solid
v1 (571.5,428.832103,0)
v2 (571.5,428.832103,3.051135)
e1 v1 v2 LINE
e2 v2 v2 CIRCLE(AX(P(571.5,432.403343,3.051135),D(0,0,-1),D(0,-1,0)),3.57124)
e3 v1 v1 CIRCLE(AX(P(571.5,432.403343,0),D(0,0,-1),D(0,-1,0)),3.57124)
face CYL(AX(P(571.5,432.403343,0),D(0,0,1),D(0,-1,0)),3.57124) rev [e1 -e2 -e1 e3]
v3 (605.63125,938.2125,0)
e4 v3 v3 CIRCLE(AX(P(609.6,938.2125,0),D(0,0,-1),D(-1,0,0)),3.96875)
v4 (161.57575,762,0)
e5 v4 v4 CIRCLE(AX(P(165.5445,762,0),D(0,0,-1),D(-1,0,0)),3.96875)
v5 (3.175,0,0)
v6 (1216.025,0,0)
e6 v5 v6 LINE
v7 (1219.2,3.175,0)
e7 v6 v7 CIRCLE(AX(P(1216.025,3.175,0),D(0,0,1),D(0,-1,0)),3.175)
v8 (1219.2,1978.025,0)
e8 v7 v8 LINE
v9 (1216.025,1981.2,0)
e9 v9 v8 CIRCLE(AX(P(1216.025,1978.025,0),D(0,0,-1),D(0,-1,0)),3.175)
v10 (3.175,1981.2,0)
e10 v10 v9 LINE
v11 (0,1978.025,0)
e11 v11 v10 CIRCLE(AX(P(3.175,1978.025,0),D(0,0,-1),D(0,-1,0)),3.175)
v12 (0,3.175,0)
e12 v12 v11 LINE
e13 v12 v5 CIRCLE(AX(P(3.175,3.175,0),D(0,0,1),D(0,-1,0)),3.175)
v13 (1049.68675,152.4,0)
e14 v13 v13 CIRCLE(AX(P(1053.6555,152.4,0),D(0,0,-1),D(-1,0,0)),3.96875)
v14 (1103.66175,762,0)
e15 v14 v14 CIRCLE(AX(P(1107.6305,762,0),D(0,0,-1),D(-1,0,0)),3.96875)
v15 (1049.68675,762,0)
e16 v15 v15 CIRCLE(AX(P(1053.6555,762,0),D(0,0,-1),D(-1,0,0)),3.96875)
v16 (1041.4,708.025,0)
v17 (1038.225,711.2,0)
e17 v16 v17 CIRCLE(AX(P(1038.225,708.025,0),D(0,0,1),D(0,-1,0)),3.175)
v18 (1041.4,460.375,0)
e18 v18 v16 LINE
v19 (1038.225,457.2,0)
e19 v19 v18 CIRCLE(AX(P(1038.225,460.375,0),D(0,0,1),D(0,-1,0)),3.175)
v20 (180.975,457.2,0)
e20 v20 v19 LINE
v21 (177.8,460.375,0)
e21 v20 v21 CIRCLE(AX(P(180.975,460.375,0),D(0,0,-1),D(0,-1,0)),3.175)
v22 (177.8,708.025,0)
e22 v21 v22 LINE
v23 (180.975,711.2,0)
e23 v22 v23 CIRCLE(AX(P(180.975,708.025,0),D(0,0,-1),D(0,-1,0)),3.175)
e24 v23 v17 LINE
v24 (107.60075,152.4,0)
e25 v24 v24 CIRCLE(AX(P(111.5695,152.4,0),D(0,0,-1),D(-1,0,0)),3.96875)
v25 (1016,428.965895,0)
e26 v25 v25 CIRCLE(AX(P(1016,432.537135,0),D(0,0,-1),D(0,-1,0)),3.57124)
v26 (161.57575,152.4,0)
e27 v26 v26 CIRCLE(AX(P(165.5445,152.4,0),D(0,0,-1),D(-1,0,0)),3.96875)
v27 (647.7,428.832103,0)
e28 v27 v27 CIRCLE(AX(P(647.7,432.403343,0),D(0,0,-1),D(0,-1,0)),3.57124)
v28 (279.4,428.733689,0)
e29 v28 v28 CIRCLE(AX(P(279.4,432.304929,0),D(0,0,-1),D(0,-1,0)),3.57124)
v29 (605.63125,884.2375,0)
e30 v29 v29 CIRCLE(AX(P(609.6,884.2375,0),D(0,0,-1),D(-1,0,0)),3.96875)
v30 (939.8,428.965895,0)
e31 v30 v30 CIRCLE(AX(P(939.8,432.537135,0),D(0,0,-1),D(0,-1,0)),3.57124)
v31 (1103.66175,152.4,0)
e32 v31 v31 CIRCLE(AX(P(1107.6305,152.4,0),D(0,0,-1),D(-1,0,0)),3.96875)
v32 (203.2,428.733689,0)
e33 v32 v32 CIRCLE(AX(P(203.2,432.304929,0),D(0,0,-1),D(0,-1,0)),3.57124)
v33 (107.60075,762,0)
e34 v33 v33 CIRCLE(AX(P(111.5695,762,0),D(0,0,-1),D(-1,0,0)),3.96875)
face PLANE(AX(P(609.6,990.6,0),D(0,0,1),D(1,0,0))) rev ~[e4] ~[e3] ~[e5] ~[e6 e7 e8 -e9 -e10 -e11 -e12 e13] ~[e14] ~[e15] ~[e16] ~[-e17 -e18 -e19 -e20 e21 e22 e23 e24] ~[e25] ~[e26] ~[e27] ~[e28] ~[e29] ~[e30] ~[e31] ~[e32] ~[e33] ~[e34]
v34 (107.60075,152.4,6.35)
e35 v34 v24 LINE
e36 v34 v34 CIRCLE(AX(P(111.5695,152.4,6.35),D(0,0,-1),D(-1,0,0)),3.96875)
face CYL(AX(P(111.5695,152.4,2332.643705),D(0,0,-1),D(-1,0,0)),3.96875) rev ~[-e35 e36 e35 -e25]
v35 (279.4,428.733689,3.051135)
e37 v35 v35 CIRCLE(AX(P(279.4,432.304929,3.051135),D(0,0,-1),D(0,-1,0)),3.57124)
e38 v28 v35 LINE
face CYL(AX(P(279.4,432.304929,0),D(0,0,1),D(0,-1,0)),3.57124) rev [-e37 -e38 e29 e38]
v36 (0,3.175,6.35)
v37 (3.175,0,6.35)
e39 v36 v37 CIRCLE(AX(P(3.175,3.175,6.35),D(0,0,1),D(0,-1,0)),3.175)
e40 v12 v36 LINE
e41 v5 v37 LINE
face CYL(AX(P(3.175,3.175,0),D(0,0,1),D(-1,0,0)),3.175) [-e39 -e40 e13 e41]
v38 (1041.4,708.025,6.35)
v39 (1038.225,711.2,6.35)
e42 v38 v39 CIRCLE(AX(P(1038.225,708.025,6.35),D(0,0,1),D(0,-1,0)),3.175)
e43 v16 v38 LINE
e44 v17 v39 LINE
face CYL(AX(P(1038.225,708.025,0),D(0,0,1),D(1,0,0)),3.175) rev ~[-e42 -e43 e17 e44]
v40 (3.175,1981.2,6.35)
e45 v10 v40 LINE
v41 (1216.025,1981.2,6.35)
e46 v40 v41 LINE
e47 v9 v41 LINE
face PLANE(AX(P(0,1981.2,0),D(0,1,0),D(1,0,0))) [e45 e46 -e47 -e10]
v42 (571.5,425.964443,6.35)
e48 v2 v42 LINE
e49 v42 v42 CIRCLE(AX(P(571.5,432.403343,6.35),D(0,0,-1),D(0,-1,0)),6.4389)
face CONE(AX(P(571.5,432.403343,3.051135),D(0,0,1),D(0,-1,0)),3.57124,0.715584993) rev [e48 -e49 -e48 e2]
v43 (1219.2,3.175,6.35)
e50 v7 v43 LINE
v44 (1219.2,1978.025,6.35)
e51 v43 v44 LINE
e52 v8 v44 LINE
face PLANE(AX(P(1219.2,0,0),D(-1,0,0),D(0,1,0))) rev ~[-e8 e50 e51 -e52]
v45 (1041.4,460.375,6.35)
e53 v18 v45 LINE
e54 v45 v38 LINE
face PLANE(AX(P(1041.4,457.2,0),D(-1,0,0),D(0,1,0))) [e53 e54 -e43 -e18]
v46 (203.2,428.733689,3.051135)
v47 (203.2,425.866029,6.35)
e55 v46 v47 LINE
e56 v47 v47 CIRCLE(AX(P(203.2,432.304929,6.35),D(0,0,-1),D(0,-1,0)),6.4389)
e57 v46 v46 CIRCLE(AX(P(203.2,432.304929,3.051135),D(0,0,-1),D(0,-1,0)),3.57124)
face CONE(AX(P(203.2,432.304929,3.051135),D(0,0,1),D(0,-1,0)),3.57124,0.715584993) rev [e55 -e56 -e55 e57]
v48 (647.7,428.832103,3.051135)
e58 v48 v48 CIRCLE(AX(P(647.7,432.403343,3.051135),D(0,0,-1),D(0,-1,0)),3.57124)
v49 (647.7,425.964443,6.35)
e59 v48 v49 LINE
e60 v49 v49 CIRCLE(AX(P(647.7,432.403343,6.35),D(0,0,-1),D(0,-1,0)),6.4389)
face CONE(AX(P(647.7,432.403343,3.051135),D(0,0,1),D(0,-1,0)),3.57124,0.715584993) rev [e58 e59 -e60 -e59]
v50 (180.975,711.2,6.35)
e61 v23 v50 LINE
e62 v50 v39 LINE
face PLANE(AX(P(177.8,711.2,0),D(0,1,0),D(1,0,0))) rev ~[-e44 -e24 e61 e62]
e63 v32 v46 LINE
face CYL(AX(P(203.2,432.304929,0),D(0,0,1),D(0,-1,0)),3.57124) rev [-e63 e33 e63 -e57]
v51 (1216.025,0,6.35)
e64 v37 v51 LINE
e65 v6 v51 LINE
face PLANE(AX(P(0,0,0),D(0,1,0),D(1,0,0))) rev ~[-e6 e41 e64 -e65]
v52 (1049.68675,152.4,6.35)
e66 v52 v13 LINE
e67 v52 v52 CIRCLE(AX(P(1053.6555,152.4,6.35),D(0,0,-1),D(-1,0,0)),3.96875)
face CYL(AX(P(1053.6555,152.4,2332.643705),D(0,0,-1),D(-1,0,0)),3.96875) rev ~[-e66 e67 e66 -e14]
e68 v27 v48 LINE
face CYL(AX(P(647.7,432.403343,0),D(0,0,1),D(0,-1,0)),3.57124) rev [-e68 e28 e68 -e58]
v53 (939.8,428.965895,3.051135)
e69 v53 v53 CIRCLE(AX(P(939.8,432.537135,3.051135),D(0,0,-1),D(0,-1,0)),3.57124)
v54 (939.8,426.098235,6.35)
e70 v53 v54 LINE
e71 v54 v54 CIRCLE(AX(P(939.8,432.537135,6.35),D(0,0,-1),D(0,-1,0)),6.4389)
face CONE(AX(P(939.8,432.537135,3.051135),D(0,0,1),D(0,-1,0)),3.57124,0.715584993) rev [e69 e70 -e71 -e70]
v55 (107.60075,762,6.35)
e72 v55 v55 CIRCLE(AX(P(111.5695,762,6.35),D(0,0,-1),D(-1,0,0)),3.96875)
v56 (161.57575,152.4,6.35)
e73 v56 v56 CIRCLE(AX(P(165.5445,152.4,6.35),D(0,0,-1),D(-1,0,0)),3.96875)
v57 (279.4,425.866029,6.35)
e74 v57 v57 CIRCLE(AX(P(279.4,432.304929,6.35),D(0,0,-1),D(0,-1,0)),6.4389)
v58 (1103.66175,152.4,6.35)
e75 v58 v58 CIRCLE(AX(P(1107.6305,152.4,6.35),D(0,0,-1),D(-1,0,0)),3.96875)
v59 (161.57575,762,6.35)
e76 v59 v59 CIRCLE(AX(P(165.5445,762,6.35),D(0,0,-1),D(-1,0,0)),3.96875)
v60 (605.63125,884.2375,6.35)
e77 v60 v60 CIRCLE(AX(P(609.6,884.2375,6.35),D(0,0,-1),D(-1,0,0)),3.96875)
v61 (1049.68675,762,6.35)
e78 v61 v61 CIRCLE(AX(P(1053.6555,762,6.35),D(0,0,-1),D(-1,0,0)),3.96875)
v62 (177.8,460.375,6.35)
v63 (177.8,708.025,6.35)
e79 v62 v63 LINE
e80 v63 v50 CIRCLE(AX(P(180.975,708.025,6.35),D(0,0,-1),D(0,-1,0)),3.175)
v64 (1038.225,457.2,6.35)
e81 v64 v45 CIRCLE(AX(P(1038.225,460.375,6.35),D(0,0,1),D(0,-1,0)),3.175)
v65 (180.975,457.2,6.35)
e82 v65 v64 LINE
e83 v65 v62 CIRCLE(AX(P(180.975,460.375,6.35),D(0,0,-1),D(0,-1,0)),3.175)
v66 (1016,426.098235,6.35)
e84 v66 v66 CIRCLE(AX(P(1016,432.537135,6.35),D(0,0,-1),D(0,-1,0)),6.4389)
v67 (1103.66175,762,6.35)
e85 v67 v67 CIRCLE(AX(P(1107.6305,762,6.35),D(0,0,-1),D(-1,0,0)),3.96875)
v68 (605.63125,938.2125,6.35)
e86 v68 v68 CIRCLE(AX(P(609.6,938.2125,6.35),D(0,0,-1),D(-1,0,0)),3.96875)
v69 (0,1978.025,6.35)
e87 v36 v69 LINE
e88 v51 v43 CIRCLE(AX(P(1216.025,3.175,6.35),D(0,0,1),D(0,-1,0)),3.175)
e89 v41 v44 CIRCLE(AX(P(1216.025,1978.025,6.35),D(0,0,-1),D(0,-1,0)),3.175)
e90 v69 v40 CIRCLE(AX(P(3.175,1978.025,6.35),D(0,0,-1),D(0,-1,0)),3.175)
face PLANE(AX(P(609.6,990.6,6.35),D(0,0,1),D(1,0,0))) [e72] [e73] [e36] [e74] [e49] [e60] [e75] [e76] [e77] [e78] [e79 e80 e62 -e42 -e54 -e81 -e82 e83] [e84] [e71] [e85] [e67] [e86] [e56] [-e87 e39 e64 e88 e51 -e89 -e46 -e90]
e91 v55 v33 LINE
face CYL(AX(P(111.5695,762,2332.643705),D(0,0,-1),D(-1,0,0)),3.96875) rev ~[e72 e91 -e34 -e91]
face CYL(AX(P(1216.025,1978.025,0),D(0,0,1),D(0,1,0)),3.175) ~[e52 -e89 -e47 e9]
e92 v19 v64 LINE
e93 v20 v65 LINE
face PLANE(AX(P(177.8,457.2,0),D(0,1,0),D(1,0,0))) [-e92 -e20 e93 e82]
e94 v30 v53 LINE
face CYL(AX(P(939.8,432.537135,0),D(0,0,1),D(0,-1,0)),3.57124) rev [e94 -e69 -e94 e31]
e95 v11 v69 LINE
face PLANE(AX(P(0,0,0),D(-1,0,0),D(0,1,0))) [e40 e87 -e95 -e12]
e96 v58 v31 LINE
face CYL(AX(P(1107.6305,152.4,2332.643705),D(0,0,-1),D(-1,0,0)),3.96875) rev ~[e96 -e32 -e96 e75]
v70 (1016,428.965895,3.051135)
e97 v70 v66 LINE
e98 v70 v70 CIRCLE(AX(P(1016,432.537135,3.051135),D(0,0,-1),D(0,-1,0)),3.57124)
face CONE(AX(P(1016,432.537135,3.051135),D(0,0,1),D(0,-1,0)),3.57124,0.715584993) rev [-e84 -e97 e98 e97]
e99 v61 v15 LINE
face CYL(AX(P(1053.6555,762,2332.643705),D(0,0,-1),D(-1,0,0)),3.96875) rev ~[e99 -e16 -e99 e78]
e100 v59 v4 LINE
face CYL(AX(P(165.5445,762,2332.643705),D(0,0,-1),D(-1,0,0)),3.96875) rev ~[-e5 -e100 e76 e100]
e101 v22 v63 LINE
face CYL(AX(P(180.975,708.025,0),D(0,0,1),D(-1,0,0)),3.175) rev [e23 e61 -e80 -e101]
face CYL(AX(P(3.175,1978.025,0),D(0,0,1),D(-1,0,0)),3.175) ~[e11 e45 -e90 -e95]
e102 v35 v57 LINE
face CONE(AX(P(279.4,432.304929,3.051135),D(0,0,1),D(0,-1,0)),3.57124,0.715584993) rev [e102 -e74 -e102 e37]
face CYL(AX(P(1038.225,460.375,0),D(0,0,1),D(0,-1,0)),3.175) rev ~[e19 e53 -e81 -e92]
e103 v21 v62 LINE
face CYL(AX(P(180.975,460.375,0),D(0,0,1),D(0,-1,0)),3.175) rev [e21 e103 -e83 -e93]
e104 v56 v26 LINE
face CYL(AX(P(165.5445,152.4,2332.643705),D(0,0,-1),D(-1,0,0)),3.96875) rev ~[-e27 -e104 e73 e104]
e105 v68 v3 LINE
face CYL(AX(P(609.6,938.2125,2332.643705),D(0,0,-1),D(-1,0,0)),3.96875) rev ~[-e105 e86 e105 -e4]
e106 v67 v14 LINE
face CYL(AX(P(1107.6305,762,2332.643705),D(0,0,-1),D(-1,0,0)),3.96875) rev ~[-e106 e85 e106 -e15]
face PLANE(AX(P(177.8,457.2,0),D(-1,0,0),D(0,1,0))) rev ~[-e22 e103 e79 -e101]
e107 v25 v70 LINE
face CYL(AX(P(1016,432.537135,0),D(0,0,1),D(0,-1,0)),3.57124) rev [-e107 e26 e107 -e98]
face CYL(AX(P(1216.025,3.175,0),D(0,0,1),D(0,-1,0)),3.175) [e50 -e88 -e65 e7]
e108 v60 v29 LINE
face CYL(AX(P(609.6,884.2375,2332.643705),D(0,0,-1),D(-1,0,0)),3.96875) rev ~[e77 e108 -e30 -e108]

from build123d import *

# Parameters (mm, degrees)
SKETCH1_W                                     = 1219.2
SKETCH1_H                                     = 1981.2
SKETCH1_W_2                                   = 863.6
SKETCH1_H_2                                   = 254
BOSS_EXTRUDE1_DEPTH                           = 6.35
CSK_FOR_1_4_FLAT_HEAD_MACHINE_SCREW1_AT_COUNT = 2
CSK_FOR_1_4_FLAT_HEAD_MACHINE_SCREW1_AT_PITCH = 76.2
CSK_FOR_1_4_FLAT_HEAD_MACHINE_SCREW1_2_COUNT  = 2
CSK_FOR_1_4_FLAT_HEAD_MACHINE_SCREW1_2_PITCH  = 736.600036601
CSK_FOR_1_4_FLAT_HEAD_MACHINE_SCREW1_3_COUNT  = 2
CSK_FOR_1_4_FLAT_HEAD_MACHINE_SCREW1_3_PITCH  = 812.800033169
CSK_FOR_1_4_FLAT_HEAD_MACHINE_SCREW1_4_COUNT  = 2
CSK_FOR_1_4_FLAT_HEAD_MACHINE_SCREW1_4_PITCH  = 368.300013149
CSK_FOR_1_4_FLAT_HEAD_MACHINE_SCREW1_5_COUNT  = 2
CSK_FOR_1_4_FLAT_HEAD_MACHINE_SCREW1_5_PITCH  = 444.500010895
FILLET1_R                                     = 3.175
F_5_16_0_3125_DIAMETER_HOLE2_D                = 7.9375


with BuildPart() as part:
    # Sketch1 → Boss-Extrude1 (new body)
    with BuildSketch(Plane.XY):
        with Locations((609.6, 990.6)):
            Rectangle(SKETCH1_W, SKETCH1_H)
        with Locations((609.6, 584.2)):
            Rectangle(SKETCH1_W_2, SKETCH1_H_2, mode=Mode.SUBTRACT)
    extrude(amount=BOSS_EXTRUDE1_DEPTH)

    # Sketch3 → CSK for 1/4 Flat Head Machine Screw1 (revolve, cut)
    with BuildSketch(Plane(origin=(203.2, 432.304928843, 6.35), x_dir=(0, -1, 0), z_dir=(1, 0, 0))):
        Polygon((0, 0), (0, 6.35), (3.57124, 6.35), (3.57124, 3.298865467), (6.4389, 0), align=None)
    csk_for_1_4_flat_head_machine_screw1 = revolve(axis=Axis((203.2, 432.304928843, 12.7), (0, 0, -1)), mode=Mode.SUBTRACT)

    # CSK for 1/4 Flat Head Machine Screw1 at: CSK for 1/4 Flat Head Machine Screw1 ×2
    with Locations(*[(i * CSK_FOR_1_4_FLAT_HEAD_MACHINE_SCREW1_AT_PITCH, 0, 0) for i in range(1, CSK_FOR_1_4_FLAT_HEAD_MACHINE_SCREW1_AT_COUNT)]):
        add(csk_for_1_4_flat_head_machine_screw1, mode=Mode.SUBTRACT)

    # CSK for 1_4 Flat Head Machine Screw1 2: CSK for 1/4 Flat Head Machine Screw1 ×2
    with Locations(*[Vector(0.99999995, 0.000315241, 0) * (i * CSK_FOR_1_4_FLAT_HEAD_MACHINE_SCREW1_2_PITCH) for i in range(1, CSK_FOR_1_4_FLAT_HEAD_MACHINE_SCREW1_2_COUNT)]):
        add(csk_for_1_4_flat_head_machine_screw1, mode=Mode.SUBTRACT)

    # CSK for 1_4 Flat Head Machine Screw1 3: CSK for 1/4 Flat Head Machine Screw1 ×2
    with Locations(*[Vector(0.999999959, 0.000285687, 0) * (i * CSK_FOR_1_4_FLAT_HEAD_MACHINE_SCREW1_3_PITCH) for i in range(1, CSK_FOR_1_4_FLAT_HEAD_MACHINE_SCREW1_3_COUNT)]):
        add(csk_for_1_4_flat_head_machine_screw1, mode=Mode.SUBTRACT)

    # CSK for 1_4 Flat Head Machine Screw1 4: CSK for 1/4 Flat Head Machine Screw1 ×2
    with Locations(*[Vector(0.999999964, 0.000267211, 0) * (i * CSK_FOR_1_4_FLAT_HEAD_MACHINE_SCREW1_4_PITCH) for i in range(1, CSK_FOR_1_4_FLAT_HEAD_MACHINE_SCREW1_4_COUNT)]):
        add(csk_for_1_4_flat_head_machine_screw1, mode=Mode.SUBTRACT)

    # CSK for 1_4 Flat Head Machine Screw1 5: CSK for 1/4 Flat Head Machine Screw1 ×2
    with Locations(*[Vector(0.999999975, 0.000221404, 0) * (i * CSK_FOR_1_4_FLAT_HEAD_MACHINE_SCREW1_5_PITCH) for i in range(1, CSK_FOR_1_4_FLAT_HEAD_MACHINE_SCREW1_5_COUNT)]):
        add(csk_for_1_4_flat_head_machine_screw1, mode=Mode.SUBTRACT)

    # Fillet1
    fillet1_edges = [part.edges().sort_by_distance(p)[0] for p in [
        (177.8, 711.2, 3.175),
        (177.8, 457.2, 3.175),
        (1041.4, 457.2, 3.175),
        (1041.4, 711.2, 3.175),
        (0, 1981.2, 3.175),
        (1219.2, 1981.2, 3.175),
        (1219.2, 0, 3.175),
        (0, 0, 3.175),
    ]]
    fillet(fillet1_edges, radius=FILLET1_R)

    # 5/16 (0.3125) Diameter Hole2 (through all)
    with Locations(Plane.XY.offset(6.35)):
        with Locations((609.6, 938.2125), (111.5695, 762), (111.5695, 152.4), (165.5445, 152.4), (165.5445, 762), (1053.6555, 152.4), (1107.6305, 152.4), (1107.6305, 762), (1053.6555, 762), (609.6, 884.2375)):
            Hole(F_5_16_0_3125_DIAMETER_HOLE2_D / 2)


solid = part.part
